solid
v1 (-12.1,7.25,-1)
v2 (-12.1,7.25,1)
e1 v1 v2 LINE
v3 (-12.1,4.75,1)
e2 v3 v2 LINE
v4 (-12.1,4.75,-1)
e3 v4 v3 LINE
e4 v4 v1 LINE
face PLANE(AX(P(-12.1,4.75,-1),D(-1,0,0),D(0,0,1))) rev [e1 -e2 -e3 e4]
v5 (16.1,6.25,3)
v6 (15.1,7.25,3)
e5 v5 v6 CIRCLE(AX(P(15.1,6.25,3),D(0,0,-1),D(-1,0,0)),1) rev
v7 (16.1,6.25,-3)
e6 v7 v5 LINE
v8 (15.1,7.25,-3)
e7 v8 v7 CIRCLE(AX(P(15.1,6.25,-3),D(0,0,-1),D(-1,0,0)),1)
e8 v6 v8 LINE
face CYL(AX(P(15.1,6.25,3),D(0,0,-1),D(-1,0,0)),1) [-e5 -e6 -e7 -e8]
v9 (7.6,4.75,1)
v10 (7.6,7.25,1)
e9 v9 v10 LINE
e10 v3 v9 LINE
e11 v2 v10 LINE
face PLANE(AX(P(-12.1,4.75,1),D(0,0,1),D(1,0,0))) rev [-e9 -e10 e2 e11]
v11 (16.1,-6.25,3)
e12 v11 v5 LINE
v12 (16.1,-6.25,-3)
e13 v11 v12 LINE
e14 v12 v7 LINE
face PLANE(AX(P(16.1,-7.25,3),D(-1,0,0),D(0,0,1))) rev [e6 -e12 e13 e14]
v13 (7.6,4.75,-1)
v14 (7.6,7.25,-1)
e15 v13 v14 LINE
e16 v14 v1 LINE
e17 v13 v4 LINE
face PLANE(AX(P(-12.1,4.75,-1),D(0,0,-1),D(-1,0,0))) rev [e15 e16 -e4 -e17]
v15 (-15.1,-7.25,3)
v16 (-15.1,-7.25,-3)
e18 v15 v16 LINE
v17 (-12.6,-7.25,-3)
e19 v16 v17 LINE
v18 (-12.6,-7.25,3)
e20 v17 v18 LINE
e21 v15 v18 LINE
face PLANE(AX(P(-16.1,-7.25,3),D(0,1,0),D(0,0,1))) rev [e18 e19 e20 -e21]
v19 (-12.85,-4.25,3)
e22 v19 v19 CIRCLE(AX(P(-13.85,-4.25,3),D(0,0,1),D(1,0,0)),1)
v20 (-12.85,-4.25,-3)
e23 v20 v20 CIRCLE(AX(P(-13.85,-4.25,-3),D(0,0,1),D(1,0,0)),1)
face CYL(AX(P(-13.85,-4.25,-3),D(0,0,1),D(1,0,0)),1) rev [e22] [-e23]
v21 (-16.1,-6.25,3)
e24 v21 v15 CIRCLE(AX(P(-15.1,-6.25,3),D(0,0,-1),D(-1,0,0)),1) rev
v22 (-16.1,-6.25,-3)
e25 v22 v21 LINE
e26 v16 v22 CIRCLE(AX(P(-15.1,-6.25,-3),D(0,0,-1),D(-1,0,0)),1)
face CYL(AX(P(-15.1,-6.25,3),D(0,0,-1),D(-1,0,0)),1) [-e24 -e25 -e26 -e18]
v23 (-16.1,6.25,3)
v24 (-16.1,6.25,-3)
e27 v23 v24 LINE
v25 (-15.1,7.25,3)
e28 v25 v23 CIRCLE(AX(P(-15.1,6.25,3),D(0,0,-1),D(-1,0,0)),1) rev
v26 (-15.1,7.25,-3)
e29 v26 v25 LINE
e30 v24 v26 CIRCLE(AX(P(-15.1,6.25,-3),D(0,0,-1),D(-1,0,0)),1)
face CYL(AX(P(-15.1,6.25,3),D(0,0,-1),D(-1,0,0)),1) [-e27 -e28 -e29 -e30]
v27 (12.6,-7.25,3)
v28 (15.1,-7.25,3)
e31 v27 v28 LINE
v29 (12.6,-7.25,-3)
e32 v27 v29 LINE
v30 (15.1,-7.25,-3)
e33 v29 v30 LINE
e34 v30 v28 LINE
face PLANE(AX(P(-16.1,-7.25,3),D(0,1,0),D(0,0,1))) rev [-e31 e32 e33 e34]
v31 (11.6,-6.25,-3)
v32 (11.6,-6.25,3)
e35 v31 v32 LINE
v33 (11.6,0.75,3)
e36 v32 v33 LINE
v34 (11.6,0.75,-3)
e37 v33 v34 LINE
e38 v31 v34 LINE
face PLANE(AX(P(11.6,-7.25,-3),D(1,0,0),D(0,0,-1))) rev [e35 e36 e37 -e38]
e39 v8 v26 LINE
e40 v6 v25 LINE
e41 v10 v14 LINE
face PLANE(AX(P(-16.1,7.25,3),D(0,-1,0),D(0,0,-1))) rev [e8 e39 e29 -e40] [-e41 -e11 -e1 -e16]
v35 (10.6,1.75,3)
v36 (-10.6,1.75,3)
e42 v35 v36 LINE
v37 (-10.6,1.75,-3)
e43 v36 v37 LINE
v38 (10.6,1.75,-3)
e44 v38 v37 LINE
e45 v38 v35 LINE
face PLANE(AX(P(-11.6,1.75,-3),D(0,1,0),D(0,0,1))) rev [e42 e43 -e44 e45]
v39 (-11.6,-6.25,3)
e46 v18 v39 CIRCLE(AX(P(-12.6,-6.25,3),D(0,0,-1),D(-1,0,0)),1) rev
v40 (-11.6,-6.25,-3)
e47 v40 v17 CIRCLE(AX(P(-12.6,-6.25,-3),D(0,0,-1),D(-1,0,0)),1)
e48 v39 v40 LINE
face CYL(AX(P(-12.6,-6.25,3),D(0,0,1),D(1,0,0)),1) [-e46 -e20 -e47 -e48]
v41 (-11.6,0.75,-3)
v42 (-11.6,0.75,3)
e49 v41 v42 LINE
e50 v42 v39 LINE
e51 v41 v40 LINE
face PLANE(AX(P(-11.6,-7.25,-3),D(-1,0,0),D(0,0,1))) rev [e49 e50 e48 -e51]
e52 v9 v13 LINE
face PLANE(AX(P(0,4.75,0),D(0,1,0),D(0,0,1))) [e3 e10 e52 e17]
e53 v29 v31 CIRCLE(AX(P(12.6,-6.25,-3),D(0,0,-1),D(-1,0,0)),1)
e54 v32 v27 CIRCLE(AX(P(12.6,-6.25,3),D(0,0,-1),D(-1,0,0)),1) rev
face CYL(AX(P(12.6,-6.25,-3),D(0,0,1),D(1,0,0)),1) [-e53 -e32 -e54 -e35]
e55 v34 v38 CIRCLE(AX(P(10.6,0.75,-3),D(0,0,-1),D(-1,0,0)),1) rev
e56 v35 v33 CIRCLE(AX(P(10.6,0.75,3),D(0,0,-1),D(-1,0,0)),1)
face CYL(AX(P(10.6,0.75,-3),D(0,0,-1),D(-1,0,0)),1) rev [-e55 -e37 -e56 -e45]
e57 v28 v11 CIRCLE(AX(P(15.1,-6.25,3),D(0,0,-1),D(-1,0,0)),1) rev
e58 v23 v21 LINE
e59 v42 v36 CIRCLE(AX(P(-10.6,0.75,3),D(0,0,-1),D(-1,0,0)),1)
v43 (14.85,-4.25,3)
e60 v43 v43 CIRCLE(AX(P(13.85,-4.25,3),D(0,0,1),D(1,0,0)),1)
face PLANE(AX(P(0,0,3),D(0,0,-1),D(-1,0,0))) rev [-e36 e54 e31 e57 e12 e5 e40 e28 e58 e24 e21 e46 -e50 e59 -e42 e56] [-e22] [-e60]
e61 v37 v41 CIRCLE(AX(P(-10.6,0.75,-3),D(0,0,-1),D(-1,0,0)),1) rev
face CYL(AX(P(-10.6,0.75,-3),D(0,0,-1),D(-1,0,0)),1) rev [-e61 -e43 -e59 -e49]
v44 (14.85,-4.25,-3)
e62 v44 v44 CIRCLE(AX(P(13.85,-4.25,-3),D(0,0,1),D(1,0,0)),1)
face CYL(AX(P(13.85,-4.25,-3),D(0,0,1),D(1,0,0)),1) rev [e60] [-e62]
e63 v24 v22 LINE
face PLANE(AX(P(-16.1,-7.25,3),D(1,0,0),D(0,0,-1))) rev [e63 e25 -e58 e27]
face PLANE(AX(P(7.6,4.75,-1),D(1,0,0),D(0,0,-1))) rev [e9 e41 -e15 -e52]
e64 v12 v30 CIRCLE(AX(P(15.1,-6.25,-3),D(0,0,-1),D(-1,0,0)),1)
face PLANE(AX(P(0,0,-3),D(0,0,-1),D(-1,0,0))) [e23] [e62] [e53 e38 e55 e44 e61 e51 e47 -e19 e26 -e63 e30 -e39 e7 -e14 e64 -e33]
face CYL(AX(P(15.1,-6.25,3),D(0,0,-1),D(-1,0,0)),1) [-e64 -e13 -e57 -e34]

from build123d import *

# Parameters (mm, degrees)
SKETCH2_W           = 32.2
SKETCH2_H           = 14.5
BOSS_EXTRUDE1_DEPTH = 3
SKETCH3_W           = 19.7
SKETCH3_H           = 2
CUT_EXTRUDE1_DEPTH  = 2.5
SKETCH4_W           = 23.2
SKETCH4_H           = 9
CUT_EXTRUDE2_DEPTH  = 19.648659469
SKETCH5_R           = 1
CUT_EXTRUDE3_DEPTH  = 19.648659469
FILLET1_R           = 1


with BuildPart() as part:
    # Sketch2 → Boss-Extrude1 (new, symmetric)
    with BuildSketch(Plane.XY):
        Rectangle(SKETCH2_W, SKETCH2_H)
    extrude(amount=BOSS_EXTRUDE1_DEPTH, both=True)

    # Sketch3 → Cut-Extrude1 (cut)
    with BuildSketch(Plane(origin=(0, 7.25, 0), x_dir=(1, 0, 0), z_dir=(0, 1, 0))):
        with Locations((-2.25, 0)):
            Rectangle(SKETCH3_W, SKETCH3_H)
    extrude(amount=-CUT_EXTRUDE1_DEPTH, mode=Mode.SUBTRACT)

    # Sketch4 → Cut-Extrude2 (cut, through all)
    with BuildSketch(Plane.XY.offset(3)):
        with Locations((0, -2.75)):
            Rectangle(SKETCH4_W, SKETCH4_H)
    extrude(amount=-CUT_EXTRUDE2_DEPTH, mode=Mode.SUBTRACT)

    # Sketch5 → Cut-Extrude3 (cut, through all)
    with BuildSketch(Plane.XY.offset(3)):
        with Locations((-13.85, -4.25)):
            Circle(SKETCH5_R)
        with Locations((13.85, -4.25)):
            Circle(SKETCH5_R)
    extrude(amount=-CUT_EXTRUDE3_DEPTH, mode=Mode.SUBTRACT)

    # Fillet1
    fillet1_edges = [part.edges().sort_by_distance(p)[0] for p in [
        (-11.6, -7.25, 0),
        (-11.6, 1.75, 0),
        (11.6, 1.75, 0),
        (11.6, -7.25, 0),
        (16.1, -7.25, 0),
        (-16.1, -7.25, 0),
        (-16.1, 7.25, 0),
        (16.1, 7.25, 0),
    ]]
    fillet(fillet1_edges, radius=FILLET1_R)


solid = part.part
